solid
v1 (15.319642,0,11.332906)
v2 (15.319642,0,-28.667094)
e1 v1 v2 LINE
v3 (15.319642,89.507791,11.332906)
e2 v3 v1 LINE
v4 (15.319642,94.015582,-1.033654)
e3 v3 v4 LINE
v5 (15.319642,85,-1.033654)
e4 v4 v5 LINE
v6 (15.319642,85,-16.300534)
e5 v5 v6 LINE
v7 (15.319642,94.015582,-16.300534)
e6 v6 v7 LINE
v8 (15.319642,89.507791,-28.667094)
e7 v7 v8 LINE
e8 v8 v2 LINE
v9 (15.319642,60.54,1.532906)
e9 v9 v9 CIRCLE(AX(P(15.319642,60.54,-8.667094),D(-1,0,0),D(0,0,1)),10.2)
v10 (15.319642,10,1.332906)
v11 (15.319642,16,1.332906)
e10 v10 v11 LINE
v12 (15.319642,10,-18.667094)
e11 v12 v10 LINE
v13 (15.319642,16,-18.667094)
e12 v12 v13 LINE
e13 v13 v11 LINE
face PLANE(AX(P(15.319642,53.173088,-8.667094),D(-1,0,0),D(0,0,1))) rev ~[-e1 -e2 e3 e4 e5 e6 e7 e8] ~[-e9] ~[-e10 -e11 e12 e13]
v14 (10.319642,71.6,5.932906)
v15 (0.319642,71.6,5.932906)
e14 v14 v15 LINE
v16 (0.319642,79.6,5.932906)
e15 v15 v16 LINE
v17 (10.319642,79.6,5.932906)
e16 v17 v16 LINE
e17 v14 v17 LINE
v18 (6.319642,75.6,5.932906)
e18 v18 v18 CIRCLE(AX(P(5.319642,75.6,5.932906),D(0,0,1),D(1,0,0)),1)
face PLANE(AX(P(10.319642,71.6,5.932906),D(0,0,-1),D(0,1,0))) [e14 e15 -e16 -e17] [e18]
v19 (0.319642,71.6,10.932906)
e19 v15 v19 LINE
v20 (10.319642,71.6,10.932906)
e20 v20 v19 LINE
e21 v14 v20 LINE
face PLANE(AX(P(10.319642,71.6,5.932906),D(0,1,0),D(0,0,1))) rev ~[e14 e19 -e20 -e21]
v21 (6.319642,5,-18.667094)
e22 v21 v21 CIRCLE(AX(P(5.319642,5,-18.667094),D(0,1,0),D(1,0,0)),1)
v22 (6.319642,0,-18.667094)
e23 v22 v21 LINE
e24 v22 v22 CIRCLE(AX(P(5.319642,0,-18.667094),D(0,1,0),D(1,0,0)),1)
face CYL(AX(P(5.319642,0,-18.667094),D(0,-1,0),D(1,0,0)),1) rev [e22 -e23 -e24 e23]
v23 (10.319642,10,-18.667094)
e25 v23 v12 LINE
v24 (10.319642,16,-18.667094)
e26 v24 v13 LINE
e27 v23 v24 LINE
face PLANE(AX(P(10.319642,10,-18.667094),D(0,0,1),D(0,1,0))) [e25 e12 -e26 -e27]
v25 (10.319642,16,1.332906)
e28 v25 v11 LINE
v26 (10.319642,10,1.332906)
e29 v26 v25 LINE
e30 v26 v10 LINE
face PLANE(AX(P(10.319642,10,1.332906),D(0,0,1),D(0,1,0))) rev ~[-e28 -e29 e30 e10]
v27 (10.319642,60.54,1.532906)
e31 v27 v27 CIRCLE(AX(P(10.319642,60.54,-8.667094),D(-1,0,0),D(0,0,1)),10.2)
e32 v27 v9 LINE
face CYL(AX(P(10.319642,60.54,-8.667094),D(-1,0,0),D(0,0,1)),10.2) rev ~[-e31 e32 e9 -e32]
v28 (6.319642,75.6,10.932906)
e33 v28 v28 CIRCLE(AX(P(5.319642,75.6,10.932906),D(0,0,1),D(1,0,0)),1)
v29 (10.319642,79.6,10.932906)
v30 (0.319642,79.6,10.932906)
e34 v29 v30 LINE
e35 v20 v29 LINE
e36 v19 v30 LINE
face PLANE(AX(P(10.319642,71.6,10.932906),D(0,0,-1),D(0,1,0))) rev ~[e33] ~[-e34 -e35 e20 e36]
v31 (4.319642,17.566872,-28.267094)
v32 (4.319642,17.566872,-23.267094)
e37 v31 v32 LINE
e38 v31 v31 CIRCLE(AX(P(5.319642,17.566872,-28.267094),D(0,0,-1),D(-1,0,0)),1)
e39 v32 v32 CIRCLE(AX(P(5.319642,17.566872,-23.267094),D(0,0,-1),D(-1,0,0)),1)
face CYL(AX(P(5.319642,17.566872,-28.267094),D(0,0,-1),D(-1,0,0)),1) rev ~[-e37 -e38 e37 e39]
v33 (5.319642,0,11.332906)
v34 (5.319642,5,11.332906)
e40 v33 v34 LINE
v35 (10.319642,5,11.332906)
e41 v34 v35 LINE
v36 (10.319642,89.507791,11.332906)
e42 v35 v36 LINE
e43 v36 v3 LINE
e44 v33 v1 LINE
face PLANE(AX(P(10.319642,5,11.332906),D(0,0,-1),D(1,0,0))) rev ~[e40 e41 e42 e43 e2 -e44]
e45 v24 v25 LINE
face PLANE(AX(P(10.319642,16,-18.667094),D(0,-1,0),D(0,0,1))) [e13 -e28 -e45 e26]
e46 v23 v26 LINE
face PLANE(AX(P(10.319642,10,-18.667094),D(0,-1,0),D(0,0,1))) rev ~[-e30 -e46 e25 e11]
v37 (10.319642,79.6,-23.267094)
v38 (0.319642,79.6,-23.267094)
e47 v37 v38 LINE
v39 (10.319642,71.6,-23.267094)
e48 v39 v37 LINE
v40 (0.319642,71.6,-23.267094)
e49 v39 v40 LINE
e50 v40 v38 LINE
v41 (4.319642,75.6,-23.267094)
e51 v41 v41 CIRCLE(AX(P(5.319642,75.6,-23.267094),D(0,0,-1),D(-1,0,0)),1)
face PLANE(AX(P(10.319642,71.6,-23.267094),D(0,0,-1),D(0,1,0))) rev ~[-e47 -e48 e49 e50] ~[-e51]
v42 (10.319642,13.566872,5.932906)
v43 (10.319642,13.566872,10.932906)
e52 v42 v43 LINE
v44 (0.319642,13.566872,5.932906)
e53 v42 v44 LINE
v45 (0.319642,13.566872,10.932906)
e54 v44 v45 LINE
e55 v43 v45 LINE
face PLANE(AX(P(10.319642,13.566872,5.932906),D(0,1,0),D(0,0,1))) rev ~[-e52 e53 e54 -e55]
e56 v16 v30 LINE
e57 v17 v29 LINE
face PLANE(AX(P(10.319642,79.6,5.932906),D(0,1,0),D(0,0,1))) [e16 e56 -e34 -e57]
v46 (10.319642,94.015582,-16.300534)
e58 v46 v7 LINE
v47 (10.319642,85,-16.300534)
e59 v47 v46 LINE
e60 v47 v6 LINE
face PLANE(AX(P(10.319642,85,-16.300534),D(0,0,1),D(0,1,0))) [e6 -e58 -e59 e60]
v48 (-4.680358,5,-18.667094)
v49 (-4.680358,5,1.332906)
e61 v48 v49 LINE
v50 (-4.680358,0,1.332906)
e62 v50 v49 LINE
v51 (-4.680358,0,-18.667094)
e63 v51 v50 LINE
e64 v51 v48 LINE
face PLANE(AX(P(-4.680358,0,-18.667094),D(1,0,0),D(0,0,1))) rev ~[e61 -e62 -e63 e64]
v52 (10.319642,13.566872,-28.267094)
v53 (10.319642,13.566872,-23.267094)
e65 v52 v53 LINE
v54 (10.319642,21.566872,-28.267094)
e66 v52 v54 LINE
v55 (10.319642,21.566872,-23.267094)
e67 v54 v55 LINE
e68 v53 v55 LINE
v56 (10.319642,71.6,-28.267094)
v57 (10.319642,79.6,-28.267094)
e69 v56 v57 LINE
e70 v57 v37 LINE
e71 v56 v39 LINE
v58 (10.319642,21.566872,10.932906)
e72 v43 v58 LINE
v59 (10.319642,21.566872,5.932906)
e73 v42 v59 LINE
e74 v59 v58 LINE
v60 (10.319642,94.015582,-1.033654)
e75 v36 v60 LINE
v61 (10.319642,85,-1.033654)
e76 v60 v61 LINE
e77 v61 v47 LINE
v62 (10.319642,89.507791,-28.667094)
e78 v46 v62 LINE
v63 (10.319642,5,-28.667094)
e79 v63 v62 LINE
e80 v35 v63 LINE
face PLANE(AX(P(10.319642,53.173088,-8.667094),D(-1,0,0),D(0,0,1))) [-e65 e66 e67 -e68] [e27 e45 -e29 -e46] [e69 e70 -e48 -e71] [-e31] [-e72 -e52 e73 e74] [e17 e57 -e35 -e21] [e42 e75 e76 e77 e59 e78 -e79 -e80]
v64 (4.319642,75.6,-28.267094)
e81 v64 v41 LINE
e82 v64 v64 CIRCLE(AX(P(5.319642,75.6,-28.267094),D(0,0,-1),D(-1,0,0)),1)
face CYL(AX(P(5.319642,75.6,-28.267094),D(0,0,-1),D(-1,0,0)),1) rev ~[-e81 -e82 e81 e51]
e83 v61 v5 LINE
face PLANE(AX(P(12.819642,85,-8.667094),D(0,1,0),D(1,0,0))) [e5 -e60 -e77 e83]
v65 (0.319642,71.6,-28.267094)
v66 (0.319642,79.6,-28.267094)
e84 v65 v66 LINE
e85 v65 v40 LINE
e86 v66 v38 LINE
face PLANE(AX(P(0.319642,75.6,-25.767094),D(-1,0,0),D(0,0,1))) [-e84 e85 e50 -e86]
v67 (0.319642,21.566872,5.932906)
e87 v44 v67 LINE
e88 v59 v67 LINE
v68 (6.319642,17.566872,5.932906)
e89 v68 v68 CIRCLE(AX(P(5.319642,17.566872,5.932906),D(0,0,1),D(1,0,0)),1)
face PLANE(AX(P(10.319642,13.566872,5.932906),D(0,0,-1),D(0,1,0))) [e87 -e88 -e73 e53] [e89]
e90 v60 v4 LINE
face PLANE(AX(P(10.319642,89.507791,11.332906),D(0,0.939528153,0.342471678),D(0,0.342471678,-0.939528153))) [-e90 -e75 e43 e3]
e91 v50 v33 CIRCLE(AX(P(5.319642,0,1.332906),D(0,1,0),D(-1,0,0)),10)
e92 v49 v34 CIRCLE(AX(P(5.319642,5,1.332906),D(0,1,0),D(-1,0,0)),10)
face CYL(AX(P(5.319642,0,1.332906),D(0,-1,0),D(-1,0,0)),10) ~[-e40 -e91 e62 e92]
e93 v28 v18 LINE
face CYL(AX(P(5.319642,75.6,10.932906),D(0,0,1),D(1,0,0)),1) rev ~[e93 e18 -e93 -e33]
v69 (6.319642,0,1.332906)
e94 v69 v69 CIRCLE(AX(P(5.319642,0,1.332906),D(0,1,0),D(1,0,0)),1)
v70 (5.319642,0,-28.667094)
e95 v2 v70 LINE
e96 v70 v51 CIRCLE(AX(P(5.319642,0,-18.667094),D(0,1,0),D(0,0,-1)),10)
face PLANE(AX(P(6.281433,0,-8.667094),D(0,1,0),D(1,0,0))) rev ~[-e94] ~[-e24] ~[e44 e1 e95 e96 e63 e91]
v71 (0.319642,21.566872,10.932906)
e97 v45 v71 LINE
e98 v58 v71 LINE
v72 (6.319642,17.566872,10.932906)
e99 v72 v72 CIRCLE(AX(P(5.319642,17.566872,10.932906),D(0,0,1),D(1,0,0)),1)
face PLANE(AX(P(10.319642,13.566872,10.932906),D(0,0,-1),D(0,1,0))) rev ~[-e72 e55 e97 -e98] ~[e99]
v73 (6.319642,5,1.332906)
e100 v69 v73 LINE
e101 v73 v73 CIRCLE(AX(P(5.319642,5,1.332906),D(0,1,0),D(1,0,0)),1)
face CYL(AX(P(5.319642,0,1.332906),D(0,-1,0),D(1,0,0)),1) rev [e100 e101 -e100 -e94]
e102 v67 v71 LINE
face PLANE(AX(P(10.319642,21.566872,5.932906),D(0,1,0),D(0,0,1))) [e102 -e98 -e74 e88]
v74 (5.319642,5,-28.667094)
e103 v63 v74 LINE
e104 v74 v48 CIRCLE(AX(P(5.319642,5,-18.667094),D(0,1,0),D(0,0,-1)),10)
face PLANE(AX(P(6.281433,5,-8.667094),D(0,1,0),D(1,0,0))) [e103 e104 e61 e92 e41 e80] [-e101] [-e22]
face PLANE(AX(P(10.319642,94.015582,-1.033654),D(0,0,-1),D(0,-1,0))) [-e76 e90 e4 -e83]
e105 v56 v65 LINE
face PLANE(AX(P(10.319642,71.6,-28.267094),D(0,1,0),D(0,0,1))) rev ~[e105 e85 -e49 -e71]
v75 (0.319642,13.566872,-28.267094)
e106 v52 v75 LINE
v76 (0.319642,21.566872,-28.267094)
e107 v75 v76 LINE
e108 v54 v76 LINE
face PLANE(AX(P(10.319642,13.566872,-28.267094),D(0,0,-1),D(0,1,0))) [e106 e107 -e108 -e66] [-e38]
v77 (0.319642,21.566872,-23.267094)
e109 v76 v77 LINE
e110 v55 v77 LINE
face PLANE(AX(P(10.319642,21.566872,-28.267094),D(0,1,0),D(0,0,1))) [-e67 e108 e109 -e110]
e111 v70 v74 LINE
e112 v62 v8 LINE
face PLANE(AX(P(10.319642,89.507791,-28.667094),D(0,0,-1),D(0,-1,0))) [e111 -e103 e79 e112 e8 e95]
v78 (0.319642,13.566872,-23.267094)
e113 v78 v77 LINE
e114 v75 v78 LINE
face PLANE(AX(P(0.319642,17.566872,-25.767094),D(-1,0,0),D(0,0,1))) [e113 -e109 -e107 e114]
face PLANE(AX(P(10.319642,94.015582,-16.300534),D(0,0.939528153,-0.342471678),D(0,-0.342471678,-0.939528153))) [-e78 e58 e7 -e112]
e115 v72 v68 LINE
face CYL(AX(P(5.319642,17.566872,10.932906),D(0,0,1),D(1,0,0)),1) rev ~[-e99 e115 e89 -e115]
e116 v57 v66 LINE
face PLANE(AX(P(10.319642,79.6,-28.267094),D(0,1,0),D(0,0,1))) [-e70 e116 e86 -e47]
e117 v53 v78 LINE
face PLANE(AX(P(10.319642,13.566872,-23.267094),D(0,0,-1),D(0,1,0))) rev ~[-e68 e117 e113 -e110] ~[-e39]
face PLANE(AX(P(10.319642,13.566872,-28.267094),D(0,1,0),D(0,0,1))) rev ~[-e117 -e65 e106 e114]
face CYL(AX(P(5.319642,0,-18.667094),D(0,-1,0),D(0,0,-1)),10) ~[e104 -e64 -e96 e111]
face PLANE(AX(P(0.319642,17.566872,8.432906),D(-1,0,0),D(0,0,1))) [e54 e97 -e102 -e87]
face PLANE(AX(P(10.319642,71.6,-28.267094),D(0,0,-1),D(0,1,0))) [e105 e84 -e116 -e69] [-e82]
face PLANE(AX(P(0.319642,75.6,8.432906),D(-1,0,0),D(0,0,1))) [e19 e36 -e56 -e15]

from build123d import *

# Parameters (mm, degrees)
SKETCH1_R           = 1
BOSS_EXTRUDE1_DEPTH = 5
SKETCH2_W           = 5
SKETCH2_H           = 40
BOSS_EXTRUDE2_DEPTH = 80
SKETCH3_R           = 2.22
CUT_EXTRUDE3_DEPTH  = 80
BOSS_EXTRUDE5_DEPTH = 5
SKETCH9_W           = 20
SKETCH9_H           = 6
CUT_EXTRUDE7_DEPTH  = 10
SKETCH10_W          = 5
SKETCH10_H          = 8
BOSS_EXTRUDE6_DEPTH = 10
SKETCH11_R          = 1
CUT_EXTRUDE9_DEPTH  = 8
SKETCH12_R          = 1
CUT_EXTRUDE10_DEPTH = 8
SKETCH5_R           = 2.22
BOSS_EXTRUDE7_DEPTH = 5
SKETCH14_R          = 10.2
BOSS_EXTRUDE8_DEPTH = 5


with BuildPart() as part:
    # Sketch1 → Boss-Extrude1 (new body)
    with BuildSketch(Plane(origin=(0, 0, 0), x_dir=(1, 0, 0), z_dir=(0, 1, 0))):
        with BuildLine():
            Line((5.319641756, -11.332905968), (15.319641756, -11.332905968))
            Line((15.319641756, -11.332905968), (15.319641756, 28.667094032))
            Line((15.319641756, 28.667094032), (5.319641756, 28.667094032))
            ThreePointArc((5.319641756, 28.667094032), (-1.751426056, 25.738161844), (-4.680358244, 18.667094032))
            Line((-4.680358244, 18.667094032), (-4.680358244, -1.332905968))
            ThreePointArc((-4.680358244, -1.332905968), (-1.751426056, -8.40397378), (5.319641756, -11.332905968))
        make_face()
        with Locations((5.319641756, 18.667094032)):
            Circle(SKETCH1_R, mode=Mode.SUBTRACT)
        with Locations((5.319641756, -1.332905968)):
            Circle(SKETCH1_R, mode=Mode.SUBTRACT)
    extrude(amount=BOSS_EXTRUDE1_DEPTH)

    # Sketch2 → Boss-Extrude2 (add)
    with BuildSketch(Plane(origin=(0, 5, 0), x_dir=(1, 0, 0), z_dir=(0, 1, 0))):
        with Locations((12.819641756, 8.667094032)):
            Rectangle(SKETCH2_W, SKETCH2_H)
    extrude(amount=BOSS_EXTRUDE2_DEPTH)

    # Sketch3 → Cut-Extrude3 (cut)
    with BuildSketch(Plane.ZY.offset(-10.319641756)):
        with BuildLine():
            ThreePointArc((0.732905968, 35.401978793), (1.440012749, 35.694872012), (1.732905968, 36.401978793))
            Line((1.732905968, 36.401978793), (1.732905968, 69.94419701))
            ThreePointArc((1.732905968, 69.94419701), (1.440012749, 70.651303792), (0.732905968, 70.94419701))
            Line((0.732905968, 70.94419701), (-18.067094032, 70.94419701))
            ThreePointArc((-18.067094032, 70.94419701), (-18.774200813, 70.651303792), (-19.067094032, 69.94419701))
            Line((-19.067094032, 69.94419701), (-19.067094032, 36.401978793))
            ThreePointArc((-19.067094032, 36.401978793), (-18.774200813, 35.694872012), (-18.067094032, 35.401978793))
            Line((-18.067094032, 35.401978793), (0.732905968, 35.401978793))
        make_face()
        with Locations((-13.167094032, 75.54419701)):
            Circle(SKETCH3_R)
        with Locations((-13.167094032, 25.24419701)):
            Circle(SKETCH3_R)
        with Locations((-4.167094032, 25.24419701)):
            Circle(SKETCH3_R)
        with Locations((-4.167094032, 75.54419701)):
            Circle(SKETCH3_R)
    extrude(amount=-CUT_EXTRUDE3_DEPTH, mode=Mode.SUBTRACT)

    # Sketch8 → Boss-Extrude5 (add, through all)
    with BuildSketch(Plane.ZY.offset(-10.319641756)):
        Polygon((-28.667094032, 89.50779106), (-28.667094032, 85), (-16.300533883, 85), (-16.300533883, 94.015582119), align=None)
        Polygon((-1.033654181, 94.015582119), (-1.033654181, 85), (11.332905968, 85), (11.332905968, 89.50779106), align=None)
    extrude(amount=-BOSS_EXTRUDE5_DEPTH)

    # Sketch9 → Cut-Extrude7 (cut)
    with BuildSketch(Plane.ZY.offset(-10.319641756)):
        with Locations((-8.667094032, 13)):
            Rectangle(SKETCH9_W, SKETCH9_H)
    extrude(amount=-CUT_EXTRUDE7_DEPTH, mode=Mode.SUBTRACT)

    # Sketch10 → Boss-Extrude6 (add)
    with BuildSketch(Plane.ZY.offset(-10.319641756)):
        with Locations((-25.767094032, 17.566871705)):
            Rectangle(SKETCH10_W, SKETCH10_H)
        with Locations((8.432905968, 17.566871705)):
            Rectangle(SKETCH10_W, SKETCH10_H)
        with Locations((8.432905968, 75.6)):
            Rectangle(SKETCH10_W, SKETCH10_H)
        with Locations((-25.767094032, 75.6)):
            Rectangle(SKETCH10_W, SKETCH10_H)
    extrude(amount=BOSS_EXTRUDE6_DEPTH)

    # Sketch11 → Cut-Extrude9 (cut)
    with BuildSketch(Plane.XY.offset(10.932905968)):
        with Locations((5.319641756, 17.566871705)):
            Circle(SKETCH11_R)
        with Locations((5.319641756, 75.6)):
            Circle(SKETCH11_R)
    extrude(amount=-CUT_EXTRUDE9_DEPTH, mode=Mode.SUBTRACT)

    # Sketch12 → Cut-Extrude10 (cut)
    with BuildSketch(Plane(origin=(0, 0, -28.267094032), x_dir=(-1, 0, 0), z_dir=(0, 0, -1))):
        with Locations((-5.319641756, 75.6)):
            Circle(SKETCH12_R)
        with Locations((-5.319641756, 17.566871705)):
            Circle(SKETCH12_R)
    extrude(amount=-CUT_EXTRUDE10_DEPTH, mode=Mode.SUBTRACT)

    # Sketch5 → Boss-Extrude7 (add)
    with BuildSketch(Plane(origin=(15.319641756, 0, 0), x_dir=(0, 0, -1), z_dir=(1, 0, 0))):
        with Locations((4.167094032, 25.24419701)):
            Circle(SKETCH5_R)
        with Locations((13.167094032, 25.24419701)):
            Circle(SKETCH5_R)
        with Locations((4.167094032, 75.54419701)):
            Circle(SKETCH5_R)
        with Locations((13.167094032, 75.54419701)):
            Circle(SKETCH5_R)
    extrude(amount=-BOSS_EXTRUDE7_DEPTH)

    # Sketch14 → Boss-Extrude8 (add)
    with BuildSketch(Plane.ZY.offset(-10.319641756)):
        with BuildLine():
            Line((0.732905968, 70.94419701), (-18.067094032, 70.94419701))
            ThreePointArc((-18.067094032, 70.94419701), (-18.774200813, 70.651303792), (-19.067094032, 69.94419701))
            Line((-19.067094032, 69.94419701), (-19.067094032, 36.401978793))
            ThreePointArc((-19.067094032, 36.401978793), (-18.774200813, 35.694872012), (-18.067094032, 35.401978793))
            Line((-18.067094032, 35.401978793), (0.732905968, 35.401978793))
            ThreePointArc((0.732905968, 35.401978793), (1.440012749, 35.694872012), (1.732905968, 36.401978793))
            Line((1.732905968, 36.401978793), (1.732905968, 69.94419701))
            ThreePointArc((1.732905968, 69.94419701), (1.440012749, 70.651303792), (0.732905968, 70.94419701))
        make_face()
        with Locations((-8.667094032, 60.54)):
            Circle(SKETCH14_R, mode=Mode.SUBTRACT)
    extrude(amount=-BOSS_EXTRUDE8_DEPTH)


solid = part.part
